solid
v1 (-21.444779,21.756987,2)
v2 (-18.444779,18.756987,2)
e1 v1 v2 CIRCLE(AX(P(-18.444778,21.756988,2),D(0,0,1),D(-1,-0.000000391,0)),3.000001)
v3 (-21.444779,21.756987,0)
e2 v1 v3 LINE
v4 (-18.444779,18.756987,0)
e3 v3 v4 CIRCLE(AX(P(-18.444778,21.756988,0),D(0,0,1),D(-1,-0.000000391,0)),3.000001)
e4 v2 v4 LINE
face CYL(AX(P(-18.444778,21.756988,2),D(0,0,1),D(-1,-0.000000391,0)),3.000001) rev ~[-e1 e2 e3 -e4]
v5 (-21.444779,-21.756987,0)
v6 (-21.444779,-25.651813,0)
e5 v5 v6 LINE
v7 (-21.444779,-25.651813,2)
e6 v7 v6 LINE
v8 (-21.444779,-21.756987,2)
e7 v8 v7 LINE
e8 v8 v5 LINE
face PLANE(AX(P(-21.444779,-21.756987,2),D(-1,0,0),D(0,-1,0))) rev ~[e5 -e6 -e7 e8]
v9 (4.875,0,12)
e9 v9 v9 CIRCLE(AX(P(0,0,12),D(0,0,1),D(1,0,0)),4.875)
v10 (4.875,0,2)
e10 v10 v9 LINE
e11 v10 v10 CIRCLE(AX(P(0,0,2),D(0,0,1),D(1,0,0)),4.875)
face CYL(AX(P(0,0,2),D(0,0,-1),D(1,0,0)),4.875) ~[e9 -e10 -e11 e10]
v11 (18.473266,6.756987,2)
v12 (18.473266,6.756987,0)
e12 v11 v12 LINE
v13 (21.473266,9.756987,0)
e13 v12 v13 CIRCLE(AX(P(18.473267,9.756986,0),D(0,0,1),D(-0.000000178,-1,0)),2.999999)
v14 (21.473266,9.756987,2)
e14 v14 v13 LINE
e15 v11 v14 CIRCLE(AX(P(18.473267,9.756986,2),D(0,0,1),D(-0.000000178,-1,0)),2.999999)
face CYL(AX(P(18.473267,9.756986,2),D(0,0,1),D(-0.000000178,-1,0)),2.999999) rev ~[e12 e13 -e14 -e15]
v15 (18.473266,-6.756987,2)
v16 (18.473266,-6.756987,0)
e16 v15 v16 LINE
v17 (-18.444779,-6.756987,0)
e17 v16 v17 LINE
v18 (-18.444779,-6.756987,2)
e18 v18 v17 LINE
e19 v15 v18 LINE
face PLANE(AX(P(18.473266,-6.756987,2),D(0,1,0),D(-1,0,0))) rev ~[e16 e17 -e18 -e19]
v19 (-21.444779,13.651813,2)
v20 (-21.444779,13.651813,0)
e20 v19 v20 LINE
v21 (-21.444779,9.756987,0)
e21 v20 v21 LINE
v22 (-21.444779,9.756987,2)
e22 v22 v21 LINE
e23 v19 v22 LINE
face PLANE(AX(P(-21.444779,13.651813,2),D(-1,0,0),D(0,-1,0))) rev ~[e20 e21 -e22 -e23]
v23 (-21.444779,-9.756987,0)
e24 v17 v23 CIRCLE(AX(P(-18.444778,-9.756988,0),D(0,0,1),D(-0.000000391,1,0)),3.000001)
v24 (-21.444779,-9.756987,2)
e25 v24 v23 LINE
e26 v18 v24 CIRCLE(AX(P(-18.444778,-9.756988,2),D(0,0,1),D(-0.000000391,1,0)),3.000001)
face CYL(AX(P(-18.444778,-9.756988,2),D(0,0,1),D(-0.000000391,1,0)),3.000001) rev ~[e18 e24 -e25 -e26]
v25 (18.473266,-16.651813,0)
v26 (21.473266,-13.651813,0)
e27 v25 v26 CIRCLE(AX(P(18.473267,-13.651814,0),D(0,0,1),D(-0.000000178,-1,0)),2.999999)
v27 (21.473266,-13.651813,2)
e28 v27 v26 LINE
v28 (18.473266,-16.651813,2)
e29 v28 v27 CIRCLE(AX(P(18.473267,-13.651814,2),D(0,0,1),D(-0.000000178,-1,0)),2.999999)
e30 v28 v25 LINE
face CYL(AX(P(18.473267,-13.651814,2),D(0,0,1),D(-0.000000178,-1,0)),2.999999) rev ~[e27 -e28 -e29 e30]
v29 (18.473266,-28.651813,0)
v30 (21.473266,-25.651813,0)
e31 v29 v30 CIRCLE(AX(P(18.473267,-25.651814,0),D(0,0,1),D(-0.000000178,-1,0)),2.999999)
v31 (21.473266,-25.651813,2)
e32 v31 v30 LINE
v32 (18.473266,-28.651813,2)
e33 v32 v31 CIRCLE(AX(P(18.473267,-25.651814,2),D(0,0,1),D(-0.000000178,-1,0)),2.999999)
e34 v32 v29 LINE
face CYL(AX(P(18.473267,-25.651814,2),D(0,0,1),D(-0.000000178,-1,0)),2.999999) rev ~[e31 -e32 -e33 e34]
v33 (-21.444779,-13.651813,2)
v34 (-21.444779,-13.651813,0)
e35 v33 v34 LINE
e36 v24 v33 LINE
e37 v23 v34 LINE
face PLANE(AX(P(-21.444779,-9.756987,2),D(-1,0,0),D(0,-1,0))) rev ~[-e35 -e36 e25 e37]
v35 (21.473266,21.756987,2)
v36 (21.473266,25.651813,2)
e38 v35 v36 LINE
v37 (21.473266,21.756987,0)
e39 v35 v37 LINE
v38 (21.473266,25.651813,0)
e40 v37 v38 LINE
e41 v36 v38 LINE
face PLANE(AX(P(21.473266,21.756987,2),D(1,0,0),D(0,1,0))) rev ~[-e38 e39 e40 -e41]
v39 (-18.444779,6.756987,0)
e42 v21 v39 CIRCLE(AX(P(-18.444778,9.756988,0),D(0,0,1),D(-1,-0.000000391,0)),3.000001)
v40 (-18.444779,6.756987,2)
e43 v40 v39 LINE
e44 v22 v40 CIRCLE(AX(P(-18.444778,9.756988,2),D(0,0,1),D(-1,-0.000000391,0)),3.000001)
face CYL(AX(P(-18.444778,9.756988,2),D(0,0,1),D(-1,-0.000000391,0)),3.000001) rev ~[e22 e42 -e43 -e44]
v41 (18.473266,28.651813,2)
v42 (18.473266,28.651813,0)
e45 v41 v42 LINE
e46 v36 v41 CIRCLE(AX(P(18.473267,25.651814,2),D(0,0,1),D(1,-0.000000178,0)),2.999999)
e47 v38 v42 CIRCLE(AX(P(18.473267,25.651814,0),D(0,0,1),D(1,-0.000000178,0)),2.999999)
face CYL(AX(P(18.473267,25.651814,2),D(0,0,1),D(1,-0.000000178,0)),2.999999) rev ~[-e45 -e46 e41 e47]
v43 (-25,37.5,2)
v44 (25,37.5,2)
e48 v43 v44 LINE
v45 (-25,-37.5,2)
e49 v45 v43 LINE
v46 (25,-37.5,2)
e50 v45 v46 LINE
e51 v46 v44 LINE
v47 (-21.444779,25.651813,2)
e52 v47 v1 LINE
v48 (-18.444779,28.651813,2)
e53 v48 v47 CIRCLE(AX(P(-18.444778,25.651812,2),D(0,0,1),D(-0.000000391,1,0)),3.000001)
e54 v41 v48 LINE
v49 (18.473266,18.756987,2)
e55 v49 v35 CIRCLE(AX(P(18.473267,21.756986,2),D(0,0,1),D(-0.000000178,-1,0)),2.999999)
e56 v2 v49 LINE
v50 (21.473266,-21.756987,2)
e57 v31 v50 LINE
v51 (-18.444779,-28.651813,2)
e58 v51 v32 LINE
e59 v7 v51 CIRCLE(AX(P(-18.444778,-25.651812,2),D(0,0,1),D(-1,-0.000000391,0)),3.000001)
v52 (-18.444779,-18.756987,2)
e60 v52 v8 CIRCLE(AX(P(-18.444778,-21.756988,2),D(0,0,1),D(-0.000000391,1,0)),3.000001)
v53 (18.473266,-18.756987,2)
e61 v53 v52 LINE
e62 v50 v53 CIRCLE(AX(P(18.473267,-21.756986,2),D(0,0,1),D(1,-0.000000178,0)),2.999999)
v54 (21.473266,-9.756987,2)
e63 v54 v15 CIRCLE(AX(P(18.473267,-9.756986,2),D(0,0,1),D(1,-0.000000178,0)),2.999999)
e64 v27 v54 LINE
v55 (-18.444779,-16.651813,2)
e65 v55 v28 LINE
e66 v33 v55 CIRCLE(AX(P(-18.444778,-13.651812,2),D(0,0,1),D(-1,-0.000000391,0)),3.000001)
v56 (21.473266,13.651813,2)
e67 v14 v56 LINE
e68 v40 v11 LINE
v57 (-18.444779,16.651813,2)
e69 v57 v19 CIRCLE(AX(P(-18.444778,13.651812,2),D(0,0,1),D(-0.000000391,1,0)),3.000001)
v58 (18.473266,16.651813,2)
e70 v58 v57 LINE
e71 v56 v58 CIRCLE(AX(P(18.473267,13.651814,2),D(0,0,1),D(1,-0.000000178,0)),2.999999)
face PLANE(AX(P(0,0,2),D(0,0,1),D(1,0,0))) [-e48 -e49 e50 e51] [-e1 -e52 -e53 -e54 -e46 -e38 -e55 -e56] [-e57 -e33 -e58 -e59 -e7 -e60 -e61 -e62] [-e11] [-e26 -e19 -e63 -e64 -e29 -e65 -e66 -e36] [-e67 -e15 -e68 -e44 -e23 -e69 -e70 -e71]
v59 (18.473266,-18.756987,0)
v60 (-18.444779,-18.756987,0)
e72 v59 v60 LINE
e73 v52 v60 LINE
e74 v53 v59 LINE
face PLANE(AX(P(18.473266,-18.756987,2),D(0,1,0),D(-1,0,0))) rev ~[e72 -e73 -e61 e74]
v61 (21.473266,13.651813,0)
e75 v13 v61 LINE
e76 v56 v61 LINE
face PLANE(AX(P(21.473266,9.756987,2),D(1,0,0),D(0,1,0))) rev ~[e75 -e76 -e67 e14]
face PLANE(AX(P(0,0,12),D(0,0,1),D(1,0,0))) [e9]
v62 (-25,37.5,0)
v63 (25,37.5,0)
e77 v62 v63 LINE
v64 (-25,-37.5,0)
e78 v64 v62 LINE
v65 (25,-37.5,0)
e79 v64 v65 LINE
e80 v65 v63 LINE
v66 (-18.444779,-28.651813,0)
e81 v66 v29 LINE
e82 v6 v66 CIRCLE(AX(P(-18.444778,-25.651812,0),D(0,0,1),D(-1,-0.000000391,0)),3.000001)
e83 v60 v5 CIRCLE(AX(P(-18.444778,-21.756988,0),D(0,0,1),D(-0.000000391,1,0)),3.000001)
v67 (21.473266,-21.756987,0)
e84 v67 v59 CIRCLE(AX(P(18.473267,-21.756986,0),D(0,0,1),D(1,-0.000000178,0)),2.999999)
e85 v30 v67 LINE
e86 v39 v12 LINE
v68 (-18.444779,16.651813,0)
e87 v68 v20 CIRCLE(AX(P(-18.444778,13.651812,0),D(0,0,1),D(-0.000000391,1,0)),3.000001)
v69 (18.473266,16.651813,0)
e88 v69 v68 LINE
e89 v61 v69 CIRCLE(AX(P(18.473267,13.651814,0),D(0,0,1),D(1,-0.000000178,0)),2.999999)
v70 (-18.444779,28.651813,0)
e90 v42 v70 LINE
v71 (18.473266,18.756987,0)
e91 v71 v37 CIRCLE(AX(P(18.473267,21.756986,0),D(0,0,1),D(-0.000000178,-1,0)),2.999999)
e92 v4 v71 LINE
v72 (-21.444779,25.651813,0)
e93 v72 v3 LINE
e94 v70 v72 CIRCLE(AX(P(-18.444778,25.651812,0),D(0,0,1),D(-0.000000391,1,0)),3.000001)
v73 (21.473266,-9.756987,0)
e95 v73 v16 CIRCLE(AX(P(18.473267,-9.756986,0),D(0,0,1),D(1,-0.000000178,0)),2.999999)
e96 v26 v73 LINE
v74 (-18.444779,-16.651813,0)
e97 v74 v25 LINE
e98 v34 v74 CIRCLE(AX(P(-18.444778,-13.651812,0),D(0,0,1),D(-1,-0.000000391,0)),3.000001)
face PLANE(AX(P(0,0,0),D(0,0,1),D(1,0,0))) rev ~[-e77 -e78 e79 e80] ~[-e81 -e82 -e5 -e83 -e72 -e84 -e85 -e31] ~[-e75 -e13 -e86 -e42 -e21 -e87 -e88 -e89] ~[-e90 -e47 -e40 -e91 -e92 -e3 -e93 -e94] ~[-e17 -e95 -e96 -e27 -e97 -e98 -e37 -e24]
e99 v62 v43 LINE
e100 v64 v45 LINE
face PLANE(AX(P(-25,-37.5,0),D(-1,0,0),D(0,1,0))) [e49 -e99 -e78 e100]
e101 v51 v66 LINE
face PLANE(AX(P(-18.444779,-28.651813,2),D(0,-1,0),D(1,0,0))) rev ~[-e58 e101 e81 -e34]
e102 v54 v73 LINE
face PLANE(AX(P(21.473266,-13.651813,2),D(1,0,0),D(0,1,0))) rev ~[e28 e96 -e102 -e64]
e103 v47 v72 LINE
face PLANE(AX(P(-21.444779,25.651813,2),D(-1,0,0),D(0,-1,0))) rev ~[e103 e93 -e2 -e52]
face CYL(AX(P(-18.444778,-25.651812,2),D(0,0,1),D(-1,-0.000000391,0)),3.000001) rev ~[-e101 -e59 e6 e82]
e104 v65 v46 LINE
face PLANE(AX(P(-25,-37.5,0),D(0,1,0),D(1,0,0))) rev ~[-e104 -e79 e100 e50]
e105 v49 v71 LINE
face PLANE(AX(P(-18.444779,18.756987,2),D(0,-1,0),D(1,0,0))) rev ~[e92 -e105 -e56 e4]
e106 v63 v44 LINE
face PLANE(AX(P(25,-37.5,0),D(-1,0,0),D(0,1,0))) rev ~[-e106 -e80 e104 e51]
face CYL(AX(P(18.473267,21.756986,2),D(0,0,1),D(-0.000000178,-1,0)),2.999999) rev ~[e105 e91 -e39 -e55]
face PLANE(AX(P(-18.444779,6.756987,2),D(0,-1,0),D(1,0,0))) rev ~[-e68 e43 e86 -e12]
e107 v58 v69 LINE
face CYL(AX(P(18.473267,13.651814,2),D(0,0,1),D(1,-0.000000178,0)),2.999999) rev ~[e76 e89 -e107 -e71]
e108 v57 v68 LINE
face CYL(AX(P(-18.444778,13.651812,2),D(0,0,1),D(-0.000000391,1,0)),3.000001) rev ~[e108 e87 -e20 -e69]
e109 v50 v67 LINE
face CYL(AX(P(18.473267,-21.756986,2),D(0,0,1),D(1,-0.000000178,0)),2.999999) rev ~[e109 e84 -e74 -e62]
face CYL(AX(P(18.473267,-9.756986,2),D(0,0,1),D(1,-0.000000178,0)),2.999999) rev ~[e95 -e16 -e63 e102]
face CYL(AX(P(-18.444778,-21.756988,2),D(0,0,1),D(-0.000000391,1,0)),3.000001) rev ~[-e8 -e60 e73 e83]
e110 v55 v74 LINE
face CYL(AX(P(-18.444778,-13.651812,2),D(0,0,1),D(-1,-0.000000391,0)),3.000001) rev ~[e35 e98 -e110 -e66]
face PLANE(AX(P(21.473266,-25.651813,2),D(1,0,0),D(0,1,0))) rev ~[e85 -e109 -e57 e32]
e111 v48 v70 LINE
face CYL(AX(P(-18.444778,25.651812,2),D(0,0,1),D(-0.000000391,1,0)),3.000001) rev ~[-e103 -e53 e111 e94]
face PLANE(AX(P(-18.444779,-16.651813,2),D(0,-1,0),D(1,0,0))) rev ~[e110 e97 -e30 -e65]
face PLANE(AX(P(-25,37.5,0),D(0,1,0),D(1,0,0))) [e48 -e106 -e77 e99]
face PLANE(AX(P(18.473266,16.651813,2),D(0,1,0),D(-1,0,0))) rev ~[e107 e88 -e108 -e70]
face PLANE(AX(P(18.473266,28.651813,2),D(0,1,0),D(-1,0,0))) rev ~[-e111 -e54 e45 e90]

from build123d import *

# Parameters (mm, degrees)
F0_W     = 50
F0_H     = 75
F1_DEPTH = 2
F2_R     = 4.875
F3_DEPTH = 10
F5_DEPTH = 25


with BuildPart() as f1:
    # F0 (on Top) → F1 (new body)
    with BuildSketch(Plane.XY):
        Rectangle(F0_W, F0_H)
    extrude(amount=F1_DEPTH)

    # F2 (on face) → F3 (join)
    with BuildSketch(Plane.XY.offset(2)):
        Circle(F2_R)
    extrude(amount=F3_DEPTH)

    # F4 (on face) → F5 (cut)
    with BuildSketch(Plane.XY.offset(2)):
        with BuildLine():
            ThreePointArc((18.473266, -16.651813), (20.594587, -15.773133), (21.473266, -13.651813))
            Line((21.473266, -13.651813), (21.473266, -9.756987))
            ThreePointArc((21.473266, -9.756987), (20.594587, -7.635667), (18.473266, -6.756987))
            Line((18.473266, -6.756987), (-18.444779, -6.756987))
            ThreePointArc((-18.444779, -6.756987), (-20.566099, -7.635667), (-21.444779, -9.756987))
            Line((-21.444779, -9.756987), (-21.444779, -13.651813))
            ThreePointArc((-21.444779, -13.651813), (-20.566099, -15.773133), (-18.444779, -16.651813))
            Line((-18.444779, -16.651813), (18.473266, -16.651813))
        make_face()
        with BuildLine():
            Line((18.473266, 16.651813), (-18.444779, 16.651813))
            ThreePointArc((-18.444779, 16.651813), (-20.566099, 15.773133), (-21.444779, 13.651813))
            Line((-21.444779, 13.651813), (-21.444779, 9.756987))
            ThreePointArc((-21.444779, 9.756987), (-20.566099, 7.635667), (-18.444779, 6.756987))
            Line((-18.444779, 6.756987), (18.473266, 6.756987))
            ThreePointArc((18.473266, 6.756987), (20.594587, 7.635667), (21.473266, 9.756987))
            Line((21.473266, 9.756987), (21.473266, 13.651813))
            ThreePointArc((21.473266, 13.651813), (20.594587, 15.773133), (18.473266, 16.651813))
        make_face()
        with BuildLine():
            Line((18.473266, -18.756987), (-18.444779, -18.756987))
            ThreePointArc((-18.444779, -18.756987), (-20.566099, -19.635667), (-21.444779, -21.756987))
            Line((-21.444779, -21.756987), (-21.444779, -25.651813))
            ThreePointArc((-21.444779, -25.651813), (-20.566099, -27.773133), (-18.444779, -28.651813))
            Line((-18.444779, -28.651813), (18.473266, -28.651813))
            ThreePointArc((18.473266, -28.651813), (20.594587, -27.773133), (21.473266, -25.651813))
            Line((21.473266, -25.651813), (21.473266, -21.756987))
            ThreePointArc((21.473266, -21.756987), (20.594587, -19.635667), (18.473266, -18.756987))
        make_face()
        with BuildLine():
            Line((21.473266, 21.756987), (21.473266, 25.651813))
            ThreePointArc((21.473266, 25.651813), (20.594587, 27.773133), (18.473266, 28.651813))
            Line((18.473266, 28.651813), (-18.444779, 28.651813))
            ThreePointArc((-18.444779, 28.651813), (-20.566099, 27.773133), (-21.444779, 25.651813))
            Line((-21.444779, 25.651813), (-21.444779, 21.756987))
            ThreePointArc((-21.444779, 21.756987), (-20.566099, 19.635667), (-18.444779, 18.756987))
            Line((-18.444779, 18.756987), (18.473266, 18.756987))
            ThreePointArc((18.473266, 18.756987), (20.594587, 19.635667), (21.473266, 21.756987))
        make_face()
    extrude(amount=-F5_DEPTH, mode=Mode.SUBTRACT)


solid = f1.part
